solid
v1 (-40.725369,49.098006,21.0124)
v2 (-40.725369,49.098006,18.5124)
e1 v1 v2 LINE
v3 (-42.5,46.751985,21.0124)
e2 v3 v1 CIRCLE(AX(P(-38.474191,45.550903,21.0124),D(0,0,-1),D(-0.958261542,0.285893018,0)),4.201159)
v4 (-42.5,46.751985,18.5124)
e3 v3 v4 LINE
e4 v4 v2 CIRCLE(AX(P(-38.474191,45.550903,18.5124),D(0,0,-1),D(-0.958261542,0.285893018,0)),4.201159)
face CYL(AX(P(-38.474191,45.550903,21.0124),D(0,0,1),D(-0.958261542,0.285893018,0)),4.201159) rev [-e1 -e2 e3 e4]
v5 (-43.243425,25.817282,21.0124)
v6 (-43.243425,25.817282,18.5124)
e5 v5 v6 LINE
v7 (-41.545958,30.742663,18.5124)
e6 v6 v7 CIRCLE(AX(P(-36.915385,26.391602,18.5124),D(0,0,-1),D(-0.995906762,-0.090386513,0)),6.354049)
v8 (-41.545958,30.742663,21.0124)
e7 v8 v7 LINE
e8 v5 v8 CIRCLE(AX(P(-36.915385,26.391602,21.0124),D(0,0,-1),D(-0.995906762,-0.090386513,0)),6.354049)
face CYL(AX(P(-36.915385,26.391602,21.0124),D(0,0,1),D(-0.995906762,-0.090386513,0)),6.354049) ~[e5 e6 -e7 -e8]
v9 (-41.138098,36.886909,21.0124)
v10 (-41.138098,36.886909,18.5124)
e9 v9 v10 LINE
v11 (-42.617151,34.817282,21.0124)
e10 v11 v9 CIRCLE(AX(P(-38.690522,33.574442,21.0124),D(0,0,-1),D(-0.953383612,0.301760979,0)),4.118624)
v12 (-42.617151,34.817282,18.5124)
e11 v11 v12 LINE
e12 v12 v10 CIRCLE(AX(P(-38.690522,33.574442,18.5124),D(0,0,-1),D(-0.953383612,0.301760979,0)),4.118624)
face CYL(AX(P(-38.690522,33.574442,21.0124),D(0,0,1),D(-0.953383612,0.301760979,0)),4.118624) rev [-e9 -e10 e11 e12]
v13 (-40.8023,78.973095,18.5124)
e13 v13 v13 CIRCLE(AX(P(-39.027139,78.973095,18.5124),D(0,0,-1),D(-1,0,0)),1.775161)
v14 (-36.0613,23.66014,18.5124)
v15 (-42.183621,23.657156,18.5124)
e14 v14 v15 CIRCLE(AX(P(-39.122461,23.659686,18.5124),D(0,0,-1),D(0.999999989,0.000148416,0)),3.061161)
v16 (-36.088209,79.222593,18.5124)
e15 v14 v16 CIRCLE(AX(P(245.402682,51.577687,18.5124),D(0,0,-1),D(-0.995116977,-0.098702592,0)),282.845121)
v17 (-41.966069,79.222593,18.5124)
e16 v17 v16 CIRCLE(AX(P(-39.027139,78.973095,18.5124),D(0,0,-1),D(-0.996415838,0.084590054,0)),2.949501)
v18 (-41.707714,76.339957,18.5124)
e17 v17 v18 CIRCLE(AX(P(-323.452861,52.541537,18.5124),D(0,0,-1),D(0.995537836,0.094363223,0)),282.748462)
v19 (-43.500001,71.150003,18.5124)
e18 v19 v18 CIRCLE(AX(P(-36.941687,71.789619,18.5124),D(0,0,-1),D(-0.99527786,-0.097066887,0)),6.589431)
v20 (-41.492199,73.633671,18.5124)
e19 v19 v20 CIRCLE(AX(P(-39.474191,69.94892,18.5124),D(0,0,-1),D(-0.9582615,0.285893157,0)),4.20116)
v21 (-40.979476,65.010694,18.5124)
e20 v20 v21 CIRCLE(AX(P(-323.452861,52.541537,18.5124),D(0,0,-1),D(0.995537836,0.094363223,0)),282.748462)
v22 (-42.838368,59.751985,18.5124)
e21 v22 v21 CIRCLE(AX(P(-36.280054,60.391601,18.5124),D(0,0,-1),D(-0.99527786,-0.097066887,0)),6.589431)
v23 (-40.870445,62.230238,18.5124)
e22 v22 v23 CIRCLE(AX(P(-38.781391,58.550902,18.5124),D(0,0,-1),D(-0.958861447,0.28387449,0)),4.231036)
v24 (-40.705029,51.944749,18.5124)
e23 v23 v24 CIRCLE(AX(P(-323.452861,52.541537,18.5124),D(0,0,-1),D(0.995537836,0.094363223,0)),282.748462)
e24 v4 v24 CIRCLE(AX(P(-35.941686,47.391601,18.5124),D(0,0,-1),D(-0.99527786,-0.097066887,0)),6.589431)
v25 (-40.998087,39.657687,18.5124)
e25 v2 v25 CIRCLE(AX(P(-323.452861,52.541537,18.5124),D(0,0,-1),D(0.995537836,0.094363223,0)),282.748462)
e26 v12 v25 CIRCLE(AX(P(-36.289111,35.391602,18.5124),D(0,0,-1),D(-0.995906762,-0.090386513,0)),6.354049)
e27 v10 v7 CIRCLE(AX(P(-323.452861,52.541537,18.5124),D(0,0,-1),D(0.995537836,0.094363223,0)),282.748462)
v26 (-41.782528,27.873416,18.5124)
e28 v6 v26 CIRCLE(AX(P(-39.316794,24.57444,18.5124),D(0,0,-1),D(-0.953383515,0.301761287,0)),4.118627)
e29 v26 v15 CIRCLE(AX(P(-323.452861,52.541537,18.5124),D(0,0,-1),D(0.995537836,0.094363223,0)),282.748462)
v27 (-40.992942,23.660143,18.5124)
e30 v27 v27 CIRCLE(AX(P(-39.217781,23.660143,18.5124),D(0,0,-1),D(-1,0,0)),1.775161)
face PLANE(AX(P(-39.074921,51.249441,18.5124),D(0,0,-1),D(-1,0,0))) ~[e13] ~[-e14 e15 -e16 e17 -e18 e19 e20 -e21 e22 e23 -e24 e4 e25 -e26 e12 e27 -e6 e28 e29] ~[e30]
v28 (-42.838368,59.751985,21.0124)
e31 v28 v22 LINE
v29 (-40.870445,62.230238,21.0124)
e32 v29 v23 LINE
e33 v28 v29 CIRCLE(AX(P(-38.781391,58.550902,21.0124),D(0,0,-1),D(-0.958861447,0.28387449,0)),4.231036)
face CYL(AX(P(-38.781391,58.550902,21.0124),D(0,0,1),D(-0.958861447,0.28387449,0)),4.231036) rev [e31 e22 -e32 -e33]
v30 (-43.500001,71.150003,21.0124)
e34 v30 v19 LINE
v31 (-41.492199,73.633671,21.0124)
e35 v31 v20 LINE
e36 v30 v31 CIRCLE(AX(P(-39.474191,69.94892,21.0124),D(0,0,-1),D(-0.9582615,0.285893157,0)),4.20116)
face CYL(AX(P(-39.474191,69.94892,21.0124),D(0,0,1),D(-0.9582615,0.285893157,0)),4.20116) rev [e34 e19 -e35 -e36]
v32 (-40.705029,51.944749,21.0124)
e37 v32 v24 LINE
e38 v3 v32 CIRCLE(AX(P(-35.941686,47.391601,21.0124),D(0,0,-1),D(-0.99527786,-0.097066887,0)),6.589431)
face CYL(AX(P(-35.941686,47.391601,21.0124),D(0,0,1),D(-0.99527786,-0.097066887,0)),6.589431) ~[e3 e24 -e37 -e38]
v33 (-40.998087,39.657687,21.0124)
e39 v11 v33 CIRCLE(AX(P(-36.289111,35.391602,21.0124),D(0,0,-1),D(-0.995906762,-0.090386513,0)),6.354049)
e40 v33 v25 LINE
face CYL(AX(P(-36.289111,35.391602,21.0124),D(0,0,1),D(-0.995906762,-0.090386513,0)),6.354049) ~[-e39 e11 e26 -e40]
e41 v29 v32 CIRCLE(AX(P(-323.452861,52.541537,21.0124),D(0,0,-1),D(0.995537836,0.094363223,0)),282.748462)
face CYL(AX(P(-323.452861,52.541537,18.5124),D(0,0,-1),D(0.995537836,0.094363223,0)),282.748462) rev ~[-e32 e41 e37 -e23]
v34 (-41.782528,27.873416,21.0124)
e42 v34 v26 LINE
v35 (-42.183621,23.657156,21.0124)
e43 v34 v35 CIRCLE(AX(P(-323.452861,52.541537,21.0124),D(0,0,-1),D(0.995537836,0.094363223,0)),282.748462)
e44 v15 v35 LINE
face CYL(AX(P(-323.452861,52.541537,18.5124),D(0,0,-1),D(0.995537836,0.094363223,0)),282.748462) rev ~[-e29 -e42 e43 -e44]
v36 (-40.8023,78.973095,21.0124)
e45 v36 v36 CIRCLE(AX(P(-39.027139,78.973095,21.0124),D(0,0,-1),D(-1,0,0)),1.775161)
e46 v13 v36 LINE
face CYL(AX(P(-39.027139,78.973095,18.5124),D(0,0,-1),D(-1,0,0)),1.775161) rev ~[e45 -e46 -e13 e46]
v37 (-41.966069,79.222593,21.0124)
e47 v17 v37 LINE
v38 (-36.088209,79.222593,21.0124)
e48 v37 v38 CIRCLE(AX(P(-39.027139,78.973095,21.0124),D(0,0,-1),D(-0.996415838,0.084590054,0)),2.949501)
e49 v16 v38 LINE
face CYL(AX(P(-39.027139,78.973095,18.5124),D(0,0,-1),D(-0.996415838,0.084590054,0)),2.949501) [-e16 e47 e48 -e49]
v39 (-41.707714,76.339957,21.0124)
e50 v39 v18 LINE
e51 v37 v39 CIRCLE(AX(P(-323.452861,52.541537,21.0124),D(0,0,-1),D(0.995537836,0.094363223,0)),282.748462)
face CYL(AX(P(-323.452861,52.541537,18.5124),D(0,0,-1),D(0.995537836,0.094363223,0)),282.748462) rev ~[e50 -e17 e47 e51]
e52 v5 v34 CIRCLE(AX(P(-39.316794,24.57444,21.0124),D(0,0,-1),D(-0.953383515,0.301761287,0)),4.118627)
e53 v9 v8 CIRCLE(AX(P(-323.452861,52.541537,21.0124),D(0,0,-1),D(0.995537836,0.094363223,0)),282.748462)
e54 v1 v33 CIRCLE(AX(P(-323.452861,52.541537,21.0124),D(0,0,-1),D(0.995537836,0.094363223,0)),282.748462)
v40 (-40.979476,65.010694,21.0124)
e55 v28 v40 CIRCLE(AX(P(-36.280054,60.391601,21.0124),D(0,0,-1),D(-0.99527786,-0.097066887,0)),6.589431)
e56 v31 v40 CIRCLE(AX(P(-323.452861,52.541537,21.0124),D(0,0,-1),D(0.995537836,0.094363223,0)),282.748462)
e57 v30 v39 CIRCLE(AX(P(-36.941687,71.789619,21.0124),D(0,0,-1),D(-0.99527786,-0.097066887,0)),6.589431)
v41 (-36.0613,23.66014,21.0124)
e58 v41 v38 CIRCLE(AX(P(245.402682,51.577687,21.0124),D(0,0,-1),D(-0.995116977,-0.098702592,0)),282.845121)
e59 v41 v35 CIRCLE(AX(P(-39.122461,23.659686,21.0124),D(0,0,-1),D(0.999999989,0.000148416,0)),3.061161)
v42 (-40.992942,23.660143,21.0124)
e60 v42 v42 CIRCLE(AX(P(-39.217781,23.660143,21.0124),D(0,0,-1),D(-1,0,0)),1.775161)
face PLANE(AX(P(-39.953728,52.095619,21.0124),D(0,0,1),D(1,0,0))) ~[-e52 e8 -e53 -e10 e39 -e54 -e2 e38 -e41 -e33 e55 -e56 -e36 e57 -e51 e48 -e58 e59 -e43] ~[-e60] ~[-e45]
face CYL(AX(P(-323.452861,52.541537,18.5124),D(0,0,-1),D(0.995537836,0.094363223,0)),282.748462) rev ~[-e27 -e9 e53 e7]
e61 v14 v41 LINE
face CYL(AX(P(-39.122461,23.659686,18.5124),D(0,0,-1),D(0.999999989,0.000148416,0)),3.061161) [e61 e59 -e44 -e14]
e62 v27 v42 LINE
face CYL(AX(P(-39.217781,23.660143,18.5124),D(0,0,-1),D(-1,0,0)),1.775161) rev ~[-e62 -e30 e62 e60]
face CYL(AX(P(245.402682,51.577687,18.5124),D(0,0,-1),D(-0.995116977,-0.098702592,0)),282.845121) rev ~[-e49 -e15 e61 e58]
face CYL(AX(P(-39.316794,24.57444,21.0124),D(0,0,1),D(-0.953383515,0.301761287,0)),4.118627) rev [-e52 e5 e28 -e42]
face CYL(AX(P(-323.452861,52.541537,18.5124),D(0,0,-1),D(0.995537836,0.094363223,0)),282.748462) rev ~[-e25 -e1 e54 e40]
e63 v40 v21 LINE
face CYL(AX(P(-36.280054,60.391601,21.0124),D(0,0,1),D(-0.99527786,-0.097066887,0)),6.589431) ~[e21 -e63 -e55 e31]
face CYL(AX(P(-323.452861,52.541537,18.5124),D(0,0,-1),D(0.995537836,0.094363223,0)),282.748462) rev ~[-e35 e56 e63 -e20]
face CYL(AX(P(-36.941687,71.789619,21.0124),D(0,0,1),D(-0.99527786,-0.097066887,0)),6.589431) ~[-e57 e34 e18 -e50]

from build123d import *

# Parameters (mm, degrees)
SKETCH048_R  = 1.775161
PAD043_DEPTH = 2.5
PAD044_DEPTH = 2.5


with BuildPart() as right_assembly_insect_leg_chain:
    # Sketch048 → Pad043 (new body)
    with BuildSketch(Plane(origin=(21.5, 17, 18.5124), x_dir=(1, 0, 0), z_dir=(0, 0, 1))):
        with BuildLine():
            ThreePointArc((14.5613, 6.51014), (15.942406, 34.290704), (14.588209, 62.072593))
            ThreePointArc((20.466069, 62.072593), (17.527139, 64.772596), (14.588209, 62.072593))
            ThreePointArc((20.466069, 62.072593), (19.206566, 34.284518), (20.683621, 6.507156))
            ThreePointArc((14.5613, 6.51014), (17.620969, 3.448525), (20.683621, 6.507156))
        make_face()
        with Locations((17.527139, 61.823095)):
            Circle(SKETCH048_R, mode=Mode.SUBTRACT)
        with Locations((17.717781, 6.510143)):
            Circle(SKETCH048_R, mode=Mode.SUBTRACT)
    extrude(amount=PAD043_DEPTH)

    # Sketch060 → Pad044 (new body)
    with BuildSketch(Plane(origin=(21.5, 17, 21.0124), x_dir=(1, 0, 0), z_dir=(0, 0, 1))):
        with BuildLine():
            Line((20.000001, 59.398018), (18.351276, 59.398018))
            Line((18.351276, 59.398018), (16.30761, 56.651009))
            Line((16.30761, 56.651009), (16.30761, 42.307617))
            Line((16.30761, 42.307617), (16.30761, 26.311142))
            Line((16.30761, 26.311142), (16.30761, 16.418461))
            Line((16.30761, 16.418461), (18, 11.53899))
            ThreePointArc((21.743425, 8.667282), (20.323658, 10.692271), (18, 11.53899))
            ThreePointArc((21.743425, 8.667282), (21.321037, 11.586215), (19.626274, 14))
            Line((19.626274, 14), (17.339302, 20.540378))
            ThreePointArc((21.117151, 17.667282), (19.683694, 19.702728), (17.339302, 20.540378))
            ThreePointArc((21.117151, 17.667282), (20.694763, 20.586215), (19, 23))
            Line((19, 23), (16.999998, 32.601983))
            ThreePointArc((21, 29.601985), (19.494884, 31.761832), (16.999998, 32.601983))
            ThreePointArc((21, 29.601985), (20.620642, 32.530944), (19, 35))
            Line((19, 35), (17, 45.62257))
            ThreePointArc((21.338368, 42.601985), (19.698982, 44.873209), (17, 45.62257))
            ThreePointArc((21.338368, 42.601985), (20.95901, 45.530944), (19.338368, 48))
            Line((19.338368, 48), (18, 57.000001))
            ThreePointArc((22.000001, 54.000003), (20.494886, 56.159849), (18, 57.000001))
            ThreePointArc((22.000001, 54.000003), (21.620643, 56.928962), (20.000001, 59.398018))
        make_face()
    extrude(amount=-PAD044_DEPTH)


with BuildPart() as part_mirroring007:
    # Part__Mirroring007: instance of right_assembly_insect_leg_chain
    add(right_assembly_insect_leg_chain.part.mirror(Plane(origin=(0, 0, 0), x_dir=(0, -1, 0), z_dir=(1, 0, 0))))


with BuildPart() as part_mirroring007_1:
    # Part__Mirroring007 placement: moved
    add(part_mirroring007.part.moved(Location((0, 0.15, 0))))


solid = part_mirroring007_1.part
